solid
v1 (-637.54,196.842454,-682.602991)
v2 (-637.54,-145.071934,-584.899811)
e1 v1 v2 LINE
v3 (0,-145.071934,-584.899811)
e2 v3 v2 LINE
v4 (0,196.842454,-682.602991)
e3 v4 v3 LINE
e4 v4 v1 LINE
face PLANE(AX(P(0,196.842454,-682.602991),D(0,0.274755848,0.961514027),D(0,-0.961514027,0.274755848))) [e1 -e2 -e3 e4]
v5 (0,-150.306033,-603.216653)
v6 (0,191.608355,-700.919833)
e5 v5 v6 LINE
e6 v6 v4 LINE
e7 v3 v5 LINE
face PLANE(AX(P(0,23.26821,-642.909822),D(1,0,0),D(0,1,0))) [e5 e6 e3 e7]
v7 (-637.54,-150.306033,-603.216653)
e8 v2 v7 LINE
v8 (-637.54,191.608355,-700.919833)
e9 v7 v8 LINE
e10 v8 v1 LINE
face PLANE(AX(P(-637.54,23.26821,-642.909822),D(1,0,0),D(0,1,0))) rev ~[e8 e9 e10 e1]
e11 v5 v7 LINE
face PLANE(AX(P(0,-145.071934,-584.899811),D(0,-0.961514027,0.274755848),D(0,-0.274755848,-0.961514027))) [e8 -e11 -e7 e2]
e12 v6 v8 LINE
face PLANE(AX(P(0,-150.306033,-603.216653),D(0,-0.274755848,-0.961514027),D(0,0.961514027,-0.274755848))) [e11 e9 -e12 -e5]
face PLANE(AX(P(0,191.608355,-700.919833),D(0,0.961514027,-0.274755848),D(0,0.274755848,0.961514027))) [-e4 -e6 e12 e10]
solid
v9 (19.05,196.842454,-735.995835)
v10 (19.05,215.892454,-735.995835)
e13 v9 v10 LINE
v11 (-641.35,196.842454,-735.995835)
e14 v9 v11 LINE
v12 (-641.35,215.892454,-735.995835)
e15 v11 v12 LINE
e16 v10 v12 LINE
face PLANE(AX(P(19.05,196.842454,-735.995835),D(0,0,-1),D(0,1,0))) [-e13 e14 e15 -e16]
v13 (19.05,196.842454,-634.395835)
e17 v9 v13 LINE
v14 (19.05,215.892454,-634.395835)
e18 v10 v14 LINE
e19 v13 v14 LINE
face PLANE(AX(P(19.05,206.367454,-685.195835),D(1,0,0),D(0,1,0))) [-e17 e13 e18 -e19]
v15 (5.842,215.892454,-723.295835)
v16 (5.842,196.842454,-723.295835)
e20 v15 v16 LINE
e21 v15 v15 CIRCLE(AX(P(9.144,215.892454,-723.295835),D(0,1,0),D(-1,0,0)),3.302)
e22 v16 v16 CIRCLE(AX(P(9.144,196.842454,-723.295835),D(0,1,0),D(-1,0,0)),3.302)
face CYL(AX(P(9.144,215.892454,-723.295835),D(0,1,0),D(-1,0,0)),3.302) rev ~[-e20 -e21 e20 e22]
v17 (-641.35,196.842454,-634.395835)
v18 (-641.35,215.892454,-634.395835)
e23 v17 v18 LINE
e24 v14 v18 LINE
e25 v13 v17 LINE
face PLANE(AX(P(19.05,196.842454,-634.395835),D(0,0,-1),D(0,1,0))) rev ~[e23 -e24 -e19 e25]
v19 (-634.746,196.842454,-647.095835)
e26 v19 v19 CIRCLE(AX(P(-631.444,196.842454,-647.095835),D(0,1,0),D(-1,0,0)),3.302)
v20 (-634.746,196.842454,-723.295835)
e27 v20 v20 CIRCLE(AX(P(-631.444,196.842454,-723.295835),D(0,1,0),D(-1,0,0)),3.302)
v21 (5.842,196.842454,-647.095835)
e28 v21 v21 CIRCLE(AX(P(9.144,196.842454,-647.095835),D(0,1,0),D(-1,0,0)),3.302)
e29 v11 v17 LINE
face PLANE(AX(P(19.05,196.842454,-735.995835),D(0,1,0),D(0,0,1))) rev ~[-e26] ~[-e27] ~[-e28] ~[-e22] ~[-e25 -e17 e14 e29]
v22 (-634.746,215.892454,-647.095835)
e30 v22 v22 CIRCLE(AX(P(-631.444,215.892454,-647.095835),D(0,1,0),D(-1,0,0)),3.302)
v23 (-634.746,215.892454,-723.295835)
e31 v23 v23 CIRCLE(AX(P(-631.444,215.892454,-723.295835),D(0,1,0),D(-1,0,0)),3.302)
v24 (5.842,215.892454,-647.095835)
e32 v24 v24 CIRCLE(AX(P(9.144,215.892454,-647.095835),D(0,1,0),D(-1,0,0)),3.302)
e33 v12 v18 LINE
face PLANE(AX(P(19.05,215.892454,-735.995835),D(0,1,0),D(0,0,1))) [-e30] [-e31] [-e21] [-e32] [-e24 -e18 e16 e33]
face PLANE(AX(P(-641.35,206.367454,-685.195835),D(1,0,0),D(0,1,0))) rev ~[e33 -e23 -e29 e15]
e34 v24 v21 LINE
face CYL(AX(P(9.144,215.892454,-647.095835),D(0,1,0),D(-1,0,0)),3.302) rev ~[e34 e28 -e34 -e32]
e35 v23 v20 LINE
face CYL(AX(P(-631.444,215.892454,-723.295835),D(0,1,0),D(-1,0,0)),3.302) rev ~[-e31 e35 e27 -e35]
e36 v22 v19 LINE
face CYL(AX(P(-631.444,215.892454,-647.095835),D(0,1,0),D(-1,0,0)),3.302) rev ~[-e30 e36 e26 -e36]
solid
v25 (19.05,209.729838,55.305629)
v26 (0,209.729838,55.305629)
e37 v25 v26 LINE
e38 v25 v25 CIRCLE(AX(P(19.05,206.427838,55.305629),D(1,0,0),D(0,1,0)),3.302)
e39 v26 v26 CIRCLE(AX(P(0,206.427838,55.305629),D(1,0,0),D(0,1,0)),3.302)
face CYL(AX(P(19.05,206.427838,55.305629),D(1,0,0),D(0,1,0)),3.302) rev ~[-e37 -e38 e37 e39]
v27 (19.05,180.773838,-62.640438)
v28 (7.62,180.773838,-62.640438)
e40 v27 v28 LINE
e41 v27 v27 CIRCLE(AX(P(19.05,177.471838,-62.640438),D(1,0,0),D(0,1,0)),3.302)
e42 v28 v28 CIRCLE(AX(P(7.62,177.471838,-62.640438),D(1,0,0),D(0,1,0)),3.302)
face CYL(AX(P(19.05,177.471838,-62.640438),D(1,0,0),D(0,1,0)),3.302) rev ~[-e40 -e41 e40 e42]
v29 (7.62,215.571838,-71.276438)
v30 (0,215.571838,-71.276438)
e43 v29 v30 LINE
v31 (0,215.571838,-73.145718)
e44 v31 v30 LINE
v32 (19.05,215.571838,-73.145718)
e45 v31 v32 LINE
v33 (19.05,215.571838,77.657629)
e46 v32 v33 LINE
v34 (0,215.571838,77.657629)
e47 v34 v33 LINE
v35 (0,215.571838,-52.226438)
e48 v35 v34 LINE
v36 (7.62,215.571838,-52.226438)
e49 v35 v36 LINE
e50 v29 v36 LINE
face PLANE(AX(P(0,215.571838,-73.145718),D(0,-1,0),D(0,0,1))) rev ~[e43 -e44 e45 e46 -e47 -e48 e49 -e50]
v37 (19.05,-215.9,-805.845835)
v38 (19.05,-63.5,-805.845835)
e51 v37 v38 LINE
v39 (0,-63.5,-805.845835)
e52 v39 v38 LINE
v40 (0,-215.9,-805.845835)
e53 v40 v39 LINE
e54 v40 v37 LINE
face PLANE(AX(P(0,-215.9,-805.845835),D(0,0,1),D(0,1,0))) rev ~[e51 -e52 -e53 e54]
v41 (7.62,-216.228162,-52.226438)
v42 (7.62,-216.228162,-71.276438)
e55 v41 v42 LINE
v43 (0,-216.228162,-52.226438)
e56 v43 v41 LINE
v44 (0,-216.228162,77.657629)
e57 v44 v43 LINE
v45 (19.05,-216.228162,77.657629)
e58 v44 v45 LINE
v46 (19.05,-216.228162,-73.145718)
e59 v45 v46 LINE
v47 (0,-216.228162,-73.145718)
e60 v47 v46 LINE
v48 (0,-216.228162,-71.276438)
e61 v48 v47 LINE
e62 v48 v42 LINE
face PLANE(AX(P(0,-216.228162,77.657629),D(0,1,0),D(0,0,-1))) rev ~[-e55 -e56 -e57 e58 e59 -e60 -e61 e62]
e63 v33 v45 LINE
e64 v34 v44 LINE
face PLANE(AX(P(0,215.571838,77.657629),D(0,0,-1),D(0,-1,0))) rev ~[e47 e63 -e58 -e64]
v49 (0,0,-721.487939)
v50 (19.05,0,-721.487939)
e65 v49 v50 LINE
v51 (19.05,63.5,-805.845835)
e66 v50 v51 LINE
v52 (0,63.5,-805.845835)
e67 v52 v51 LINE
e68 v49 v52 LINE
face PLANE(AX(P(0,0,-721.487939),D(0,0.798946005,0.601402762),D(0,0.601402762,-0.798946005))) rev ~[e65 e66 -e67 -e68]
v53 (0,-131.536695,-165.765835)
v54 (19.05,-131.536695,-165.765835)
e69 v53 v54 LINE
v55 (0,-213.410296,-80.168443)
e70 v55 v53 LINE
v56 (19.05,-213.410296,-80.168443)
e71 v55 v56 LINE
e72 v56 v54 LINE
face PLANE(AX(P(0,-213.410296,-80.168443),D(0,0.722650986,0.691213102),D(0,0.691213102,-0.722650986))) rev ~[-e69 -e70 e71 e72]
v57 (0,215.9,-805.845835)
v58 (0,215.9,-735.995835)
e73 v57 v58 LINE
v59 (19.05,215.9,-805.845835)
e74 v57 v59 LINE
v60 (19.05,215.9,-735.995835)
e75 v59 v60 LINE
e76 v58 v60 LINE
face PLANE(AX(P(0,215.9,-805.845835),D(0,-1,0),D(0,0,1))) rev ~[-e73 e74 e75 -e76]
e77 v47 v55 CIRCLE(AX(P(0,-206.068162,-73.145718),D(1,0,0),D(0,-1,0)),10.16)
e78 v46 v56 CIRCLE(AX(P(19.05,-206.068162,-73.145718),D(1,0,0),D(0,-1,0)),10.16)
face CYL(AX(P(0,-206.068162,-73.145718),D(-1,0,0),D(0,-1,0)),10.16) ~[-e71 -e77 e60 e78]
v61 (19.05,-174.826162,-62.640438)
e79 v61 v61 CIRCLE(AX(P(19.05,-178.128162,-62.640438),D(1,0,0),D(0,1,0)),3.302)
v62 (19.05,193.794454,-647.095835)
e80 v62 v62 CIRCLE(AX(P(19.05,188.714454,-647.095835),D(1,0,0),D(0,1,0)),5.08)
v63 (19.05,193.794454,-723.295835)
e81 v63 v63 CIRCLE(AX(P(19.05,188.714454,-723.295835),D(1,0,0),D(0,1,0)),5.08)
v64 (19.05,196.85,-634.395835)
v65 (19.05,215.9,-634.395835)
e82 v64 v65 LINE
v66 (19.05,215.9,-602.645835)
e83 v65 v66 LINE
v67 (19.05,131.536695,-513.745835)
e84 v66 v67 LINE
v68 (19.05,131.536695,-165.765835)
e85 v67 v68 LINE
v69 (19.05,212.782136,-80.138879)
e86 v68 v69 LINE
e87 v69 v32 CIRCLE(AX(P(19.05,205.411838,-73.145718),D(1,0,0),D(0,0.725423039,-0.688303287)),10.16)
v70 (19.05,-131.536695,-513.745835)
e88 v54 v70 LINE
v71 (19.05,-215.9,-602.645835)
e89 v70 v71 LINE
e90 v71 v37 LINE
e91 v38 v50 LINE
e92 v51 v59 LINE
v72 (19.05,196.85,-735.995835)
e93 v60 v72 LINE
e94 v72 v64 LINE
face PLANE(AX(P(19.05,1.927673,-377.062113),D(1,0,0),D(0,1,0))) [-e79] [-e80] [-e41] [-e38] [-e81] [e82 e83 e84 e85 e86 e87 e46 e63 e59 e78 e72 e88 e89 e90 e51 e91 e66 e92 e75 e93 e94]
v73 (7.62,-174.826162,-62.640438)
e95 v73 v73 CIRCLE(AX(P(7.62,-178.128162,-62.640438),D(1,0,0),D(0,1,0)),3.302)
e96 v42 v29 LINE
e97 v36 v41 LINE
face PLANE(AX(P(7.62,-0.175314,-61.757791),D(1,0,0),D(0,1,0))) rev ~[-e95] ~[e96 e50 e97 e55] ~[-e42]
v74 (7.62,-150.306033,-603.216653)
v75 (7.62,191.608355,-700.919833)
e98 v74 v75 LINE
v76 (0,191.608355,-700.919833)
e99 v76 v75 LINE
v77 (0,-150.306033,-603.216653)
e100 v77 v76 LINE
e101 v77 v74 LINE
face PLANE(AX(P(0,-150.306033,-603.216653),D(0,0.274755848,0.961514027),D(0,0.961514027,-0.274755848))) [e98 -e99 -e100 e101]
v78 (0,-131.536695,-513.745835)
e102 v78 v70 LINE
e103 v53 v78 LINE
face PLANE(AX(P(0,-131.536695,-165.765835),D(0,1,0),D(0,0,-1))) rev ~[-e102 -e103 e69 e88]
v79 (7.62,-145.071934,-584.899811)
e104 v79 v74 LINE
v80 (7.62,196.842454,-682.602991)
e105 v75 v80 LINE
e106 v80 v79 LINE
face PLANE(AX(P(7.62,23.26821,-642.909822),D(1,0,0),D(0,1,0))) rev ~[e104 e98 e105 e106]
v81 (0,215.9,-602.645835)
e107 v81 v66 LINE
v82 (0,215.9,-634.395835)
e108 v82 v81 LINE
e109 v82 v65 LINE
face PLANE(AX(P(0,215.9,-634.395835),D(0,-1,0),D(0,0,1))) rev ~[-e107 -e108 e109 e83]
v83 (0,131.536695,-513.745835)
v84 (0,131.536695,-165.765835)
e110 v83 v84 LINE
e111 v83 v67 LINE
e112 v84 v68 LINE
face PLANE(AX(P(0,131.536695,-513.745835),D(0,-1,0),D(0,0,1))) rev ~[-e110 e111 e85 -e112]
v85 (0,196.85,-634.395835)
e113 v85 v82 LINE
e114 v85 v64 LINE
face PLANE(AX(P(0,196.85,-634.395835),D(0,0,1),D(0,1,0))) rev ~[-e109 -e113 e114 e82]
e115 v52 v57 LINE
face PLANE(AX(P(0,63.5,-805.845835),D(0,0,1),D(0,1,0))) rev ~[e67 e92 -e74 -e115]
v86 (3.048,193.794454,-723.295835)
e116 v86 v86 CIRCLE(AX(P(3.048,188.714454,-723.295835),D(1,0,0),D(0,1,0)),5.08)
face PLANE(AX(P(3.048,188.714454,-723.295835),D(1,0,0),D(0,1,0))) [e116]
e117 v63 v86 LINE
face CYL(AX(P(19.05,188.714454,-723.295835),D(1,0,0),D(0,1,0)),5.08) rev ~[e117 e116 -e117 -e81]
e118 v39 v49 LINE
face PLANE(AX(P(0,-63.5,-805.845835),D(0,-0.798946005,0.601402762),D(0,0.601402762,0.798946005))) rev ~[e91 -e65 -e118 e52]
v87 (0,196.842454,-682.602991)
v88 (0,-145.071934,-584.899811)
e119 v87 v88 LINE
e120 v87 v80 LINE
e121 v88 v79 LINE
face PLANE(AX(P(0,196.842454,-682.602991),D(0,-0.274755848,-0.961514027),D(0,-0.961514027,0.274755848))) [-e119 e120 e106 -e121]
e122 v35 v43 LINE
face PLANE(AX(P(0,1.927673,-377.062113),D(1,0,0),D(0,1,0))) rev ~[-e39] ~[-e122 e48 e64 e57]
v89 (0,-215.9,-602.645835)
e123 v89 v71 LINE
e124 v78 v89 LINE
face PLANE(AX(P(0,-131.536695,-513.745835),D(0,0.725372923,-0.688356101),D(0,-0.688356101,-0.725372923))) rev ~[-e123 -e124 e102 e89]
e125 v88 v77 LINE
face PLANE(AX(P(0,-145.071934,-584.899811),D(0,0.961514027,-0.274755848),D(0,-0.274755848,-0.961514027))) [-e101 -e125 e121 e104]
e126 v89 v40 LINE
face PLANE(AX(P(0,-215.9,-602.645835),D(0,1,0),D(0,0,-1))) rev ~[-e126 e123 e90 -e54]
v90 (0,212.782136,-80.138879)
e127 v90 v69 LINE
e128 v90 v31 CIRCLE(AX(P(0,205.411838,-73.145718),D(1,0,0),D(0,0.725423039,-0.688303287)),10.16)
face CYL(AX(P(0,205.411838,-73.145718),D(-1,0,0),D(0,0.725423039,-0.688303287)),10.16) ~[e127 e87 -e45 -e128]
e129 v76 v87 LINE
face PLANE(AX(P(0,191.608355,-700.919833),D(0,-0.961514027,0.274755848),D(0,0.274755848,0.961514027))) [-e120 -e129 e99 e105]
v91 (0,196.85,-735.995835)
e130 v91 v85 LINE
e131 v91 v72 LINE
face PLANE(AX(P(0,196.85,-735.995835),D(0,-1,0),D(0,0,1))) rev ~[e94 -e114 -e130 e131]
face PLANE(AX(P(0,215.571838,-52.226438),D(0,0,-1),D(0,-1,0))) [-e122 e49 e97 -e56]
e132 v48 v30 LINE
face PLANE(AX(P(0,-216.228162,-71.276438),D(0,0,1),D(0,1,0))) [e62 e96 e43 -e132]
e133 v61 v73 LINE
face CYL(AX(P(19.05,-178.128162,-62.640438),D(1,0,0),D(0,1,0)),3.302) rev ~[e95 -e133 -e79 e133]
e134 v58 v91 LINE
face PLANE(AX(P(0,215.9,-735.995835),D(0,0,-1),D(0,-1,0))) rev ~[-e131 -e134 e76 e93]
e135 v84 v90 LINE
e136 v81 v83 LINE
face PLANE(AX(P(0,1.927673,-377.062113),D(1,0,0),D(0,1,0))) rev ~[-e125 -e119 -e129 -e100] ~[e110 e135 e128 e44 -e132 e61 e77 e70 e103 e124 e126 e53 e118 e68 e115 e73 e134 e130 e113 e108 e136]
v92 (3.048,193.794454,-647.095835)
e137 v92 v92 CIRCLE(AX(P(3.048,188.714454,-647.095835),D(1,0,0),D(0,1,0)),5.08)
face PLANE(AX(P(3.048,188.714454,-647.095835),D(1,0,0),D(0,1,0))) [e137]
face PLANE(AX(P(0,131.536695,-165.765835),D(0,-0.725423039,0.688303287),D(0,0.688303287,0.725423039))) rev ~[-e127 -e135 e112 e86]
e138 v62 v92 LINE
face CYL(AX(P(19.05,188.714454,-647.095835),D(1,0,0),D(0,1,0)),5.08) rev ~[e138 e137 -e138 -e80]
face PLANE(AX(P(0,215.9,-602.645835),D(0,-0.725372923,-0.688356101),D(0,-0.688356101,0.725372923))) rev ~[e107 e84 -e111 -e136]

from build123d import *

# Parameters (mm, degrees)
F1_DEPTH  = 19.05
F2_W      = 19.05
F2_H      = 101.6
F3_DEPTH  = 660.4
F5_DEPTH  = 7.62
F7_DEPTH  = 7.62
F9_DEPTH  = 637.54
F10_R     = 3.302
F11_DEPTH = 19.05
F12_R     = 3.302
F13_DEPTH = 19.05
F14_R     = 5.08
F15_DEPTH = 16.002


with BuildPart() as f1:
    # F0 (on Right) → F1 (new body)
    with BuildSketch(Plane.YZ):
        with BuildLine():
            Line((215.5718380434, -73.1457177276), (215.5718380434, 77.6576289354))
            Line((215.5718380434, 77.6576289354), (-216.2281619566, 77.6576289354))
            Line((-216.2281619566, 77.6576289354), (-216.2281619566, -73.1457177276))
            ThreePointArc((-216.2281619566, -73.1457177276), (-215.4974164781, -76.9292027834), (-213.4102959787, -80.1684428397))
            Line((-213.4102959787, -80.1684428397), (-131.5366946364, -165.7658347835))
            Line((-131.5366946364, -165.7658347835), (-131.5366946364, -513.7458347835))
            Line((-131.5366946364, -513.7458347835), (-215.9, -602.6458347835))
            Line((-215.9, -602.6458347835), (-215.9, -805.8458347835))
            Line((-215.9, -805.8458347835), (-63.5, -805.8458347835))
            Line((-63.5, -805.8458347835), (0, -721.4879393578))
            Line((0, -721.4879393578), (63.5, -805.8458347835))
            Line((63.5, -805.8458347835), (215.9, -805.8458347835))
            Line((215.9, -805.8458347835), (215.9, -735.9958347835))
            Line((215.9, -735.9958347835), (196.85, -735.9958347835))
            Line((196.85, -735.9958347835), (196.85, -634.3958347835))
            Line((196.85, -634.3958347835), (215.9, -634.3958347835))
            Line((215.9, -634.3958347835), (215.9, -602.6458347835))
            Line((215.9, -602.6458347835), (131.5366946364, -513.7458347835))
            Line((131.5366946364, -513.7458347835), (131.5366946364, -165.7658347835))
            Line((131.5366946364, -165.7658347835), (212.7821361166, -80.1388791238))
            ThreePointArc((212.7821361166, -80.1388791238), (214.8486761904, -76.9102476834), (215.5718380434, -73.1457177276))
        make_face()
    extrude(amount=F1_DEPTH)

    # F4 (on face) → F5 (cut)
    with BuildSketch(Plane.YZ):
        Polygon((191.6083546797, -700.9198329832), (196.842453582, -682.6029907695), (-145.0719344069, -584.8998112603), (-150.3060333092, -603.216653474), align=None)
    extrude(amount=F5_DEPTH, mode=Mode.SUBTRACT)

    # F6 (on face) → F7 (cut)
    with BuildSketch(Plane.YZ):
        Polygon((-216.2281619566, -71.2764377356), (216.1737249309, -71.2764377356), (215.5718380434, -52.2264377356), (-216.2281619566, -52.2264377356), align=None)
    extrude(amount=F7_DEPTH, mode=Mode.SUBTRACT)

    # F12 (on face) → F13 (cut)
    with BuildSketch(Plane.YZ.offset(19.05)):
        with Locations((177.4718380434, -62.6404377356)):
            Circle(F12_R)
        with Locations((-178.1281619566, -62.6404377356)):
            Circle(F12_R)
        with Locations((206.4278380434, 55.3056289354)):
            Circle(F12_R)
    extrude(amount=-F13_DEPTH, mode=Mode.SUBTRACT)

    # F14 (on face) → F15 (cut)
    with BuildSketch(Plane.YZ.offset(19.05)):
        with Locations((188.714453582, -723.2958347835)):
            Circle(F14_R)
        with Locations((188.714453582, -647.0958347835)):
            Circle(F14_R)
    extrude(amount=-F15_DEPTH, mode=Mode.SUBTRACT)


with BuildPart() as f3:
    # F2 (on face) → F3 (new body)
    with BuildSketch(Plane.YZ.offset(19.05)):
        with Locations((206.367453582, -685.1958350637)):
            Rectangle(F2_W, F2_H)
    extrude(amount=-F3_DEPTH)

    # F10 (on face) → F11 (cut)
    with BuildSketch(Plane(origin=(0, 215.892453582, 0), x_dir=(-1, 0, 0), z_dir=(0, 1, 0))):
        with Locations((-9.144, -647.0958347835)):
            Circle(F10_R)
        with Locations((-9.144, -723.2958347835)):
            Circle(F10_R)
        with Locations((631.444, -647.0958347835)):
            Circle(F10_R)
        with Locations((631.444, -723.2958347835)):
            Circle(F10_R)
    extrude(amount=-F11_DEPTH, mode=Mode.SUBTRACT)


with BuildPart() as f9:
    # F8 (on face) → F9 (new body)
    with BuildSketch(Plane.YZ):
        Polygon((191.6083546797, -700.9198329832), (196.842453582, -682.6029907695), (-145.0719344069, -584.8998112603), (-150.3060333092, -603.216653474), align=None)
    extrude(amount=-F9_DEPTH)


solid = Compound([f1.part, f3.part, f9.part])
